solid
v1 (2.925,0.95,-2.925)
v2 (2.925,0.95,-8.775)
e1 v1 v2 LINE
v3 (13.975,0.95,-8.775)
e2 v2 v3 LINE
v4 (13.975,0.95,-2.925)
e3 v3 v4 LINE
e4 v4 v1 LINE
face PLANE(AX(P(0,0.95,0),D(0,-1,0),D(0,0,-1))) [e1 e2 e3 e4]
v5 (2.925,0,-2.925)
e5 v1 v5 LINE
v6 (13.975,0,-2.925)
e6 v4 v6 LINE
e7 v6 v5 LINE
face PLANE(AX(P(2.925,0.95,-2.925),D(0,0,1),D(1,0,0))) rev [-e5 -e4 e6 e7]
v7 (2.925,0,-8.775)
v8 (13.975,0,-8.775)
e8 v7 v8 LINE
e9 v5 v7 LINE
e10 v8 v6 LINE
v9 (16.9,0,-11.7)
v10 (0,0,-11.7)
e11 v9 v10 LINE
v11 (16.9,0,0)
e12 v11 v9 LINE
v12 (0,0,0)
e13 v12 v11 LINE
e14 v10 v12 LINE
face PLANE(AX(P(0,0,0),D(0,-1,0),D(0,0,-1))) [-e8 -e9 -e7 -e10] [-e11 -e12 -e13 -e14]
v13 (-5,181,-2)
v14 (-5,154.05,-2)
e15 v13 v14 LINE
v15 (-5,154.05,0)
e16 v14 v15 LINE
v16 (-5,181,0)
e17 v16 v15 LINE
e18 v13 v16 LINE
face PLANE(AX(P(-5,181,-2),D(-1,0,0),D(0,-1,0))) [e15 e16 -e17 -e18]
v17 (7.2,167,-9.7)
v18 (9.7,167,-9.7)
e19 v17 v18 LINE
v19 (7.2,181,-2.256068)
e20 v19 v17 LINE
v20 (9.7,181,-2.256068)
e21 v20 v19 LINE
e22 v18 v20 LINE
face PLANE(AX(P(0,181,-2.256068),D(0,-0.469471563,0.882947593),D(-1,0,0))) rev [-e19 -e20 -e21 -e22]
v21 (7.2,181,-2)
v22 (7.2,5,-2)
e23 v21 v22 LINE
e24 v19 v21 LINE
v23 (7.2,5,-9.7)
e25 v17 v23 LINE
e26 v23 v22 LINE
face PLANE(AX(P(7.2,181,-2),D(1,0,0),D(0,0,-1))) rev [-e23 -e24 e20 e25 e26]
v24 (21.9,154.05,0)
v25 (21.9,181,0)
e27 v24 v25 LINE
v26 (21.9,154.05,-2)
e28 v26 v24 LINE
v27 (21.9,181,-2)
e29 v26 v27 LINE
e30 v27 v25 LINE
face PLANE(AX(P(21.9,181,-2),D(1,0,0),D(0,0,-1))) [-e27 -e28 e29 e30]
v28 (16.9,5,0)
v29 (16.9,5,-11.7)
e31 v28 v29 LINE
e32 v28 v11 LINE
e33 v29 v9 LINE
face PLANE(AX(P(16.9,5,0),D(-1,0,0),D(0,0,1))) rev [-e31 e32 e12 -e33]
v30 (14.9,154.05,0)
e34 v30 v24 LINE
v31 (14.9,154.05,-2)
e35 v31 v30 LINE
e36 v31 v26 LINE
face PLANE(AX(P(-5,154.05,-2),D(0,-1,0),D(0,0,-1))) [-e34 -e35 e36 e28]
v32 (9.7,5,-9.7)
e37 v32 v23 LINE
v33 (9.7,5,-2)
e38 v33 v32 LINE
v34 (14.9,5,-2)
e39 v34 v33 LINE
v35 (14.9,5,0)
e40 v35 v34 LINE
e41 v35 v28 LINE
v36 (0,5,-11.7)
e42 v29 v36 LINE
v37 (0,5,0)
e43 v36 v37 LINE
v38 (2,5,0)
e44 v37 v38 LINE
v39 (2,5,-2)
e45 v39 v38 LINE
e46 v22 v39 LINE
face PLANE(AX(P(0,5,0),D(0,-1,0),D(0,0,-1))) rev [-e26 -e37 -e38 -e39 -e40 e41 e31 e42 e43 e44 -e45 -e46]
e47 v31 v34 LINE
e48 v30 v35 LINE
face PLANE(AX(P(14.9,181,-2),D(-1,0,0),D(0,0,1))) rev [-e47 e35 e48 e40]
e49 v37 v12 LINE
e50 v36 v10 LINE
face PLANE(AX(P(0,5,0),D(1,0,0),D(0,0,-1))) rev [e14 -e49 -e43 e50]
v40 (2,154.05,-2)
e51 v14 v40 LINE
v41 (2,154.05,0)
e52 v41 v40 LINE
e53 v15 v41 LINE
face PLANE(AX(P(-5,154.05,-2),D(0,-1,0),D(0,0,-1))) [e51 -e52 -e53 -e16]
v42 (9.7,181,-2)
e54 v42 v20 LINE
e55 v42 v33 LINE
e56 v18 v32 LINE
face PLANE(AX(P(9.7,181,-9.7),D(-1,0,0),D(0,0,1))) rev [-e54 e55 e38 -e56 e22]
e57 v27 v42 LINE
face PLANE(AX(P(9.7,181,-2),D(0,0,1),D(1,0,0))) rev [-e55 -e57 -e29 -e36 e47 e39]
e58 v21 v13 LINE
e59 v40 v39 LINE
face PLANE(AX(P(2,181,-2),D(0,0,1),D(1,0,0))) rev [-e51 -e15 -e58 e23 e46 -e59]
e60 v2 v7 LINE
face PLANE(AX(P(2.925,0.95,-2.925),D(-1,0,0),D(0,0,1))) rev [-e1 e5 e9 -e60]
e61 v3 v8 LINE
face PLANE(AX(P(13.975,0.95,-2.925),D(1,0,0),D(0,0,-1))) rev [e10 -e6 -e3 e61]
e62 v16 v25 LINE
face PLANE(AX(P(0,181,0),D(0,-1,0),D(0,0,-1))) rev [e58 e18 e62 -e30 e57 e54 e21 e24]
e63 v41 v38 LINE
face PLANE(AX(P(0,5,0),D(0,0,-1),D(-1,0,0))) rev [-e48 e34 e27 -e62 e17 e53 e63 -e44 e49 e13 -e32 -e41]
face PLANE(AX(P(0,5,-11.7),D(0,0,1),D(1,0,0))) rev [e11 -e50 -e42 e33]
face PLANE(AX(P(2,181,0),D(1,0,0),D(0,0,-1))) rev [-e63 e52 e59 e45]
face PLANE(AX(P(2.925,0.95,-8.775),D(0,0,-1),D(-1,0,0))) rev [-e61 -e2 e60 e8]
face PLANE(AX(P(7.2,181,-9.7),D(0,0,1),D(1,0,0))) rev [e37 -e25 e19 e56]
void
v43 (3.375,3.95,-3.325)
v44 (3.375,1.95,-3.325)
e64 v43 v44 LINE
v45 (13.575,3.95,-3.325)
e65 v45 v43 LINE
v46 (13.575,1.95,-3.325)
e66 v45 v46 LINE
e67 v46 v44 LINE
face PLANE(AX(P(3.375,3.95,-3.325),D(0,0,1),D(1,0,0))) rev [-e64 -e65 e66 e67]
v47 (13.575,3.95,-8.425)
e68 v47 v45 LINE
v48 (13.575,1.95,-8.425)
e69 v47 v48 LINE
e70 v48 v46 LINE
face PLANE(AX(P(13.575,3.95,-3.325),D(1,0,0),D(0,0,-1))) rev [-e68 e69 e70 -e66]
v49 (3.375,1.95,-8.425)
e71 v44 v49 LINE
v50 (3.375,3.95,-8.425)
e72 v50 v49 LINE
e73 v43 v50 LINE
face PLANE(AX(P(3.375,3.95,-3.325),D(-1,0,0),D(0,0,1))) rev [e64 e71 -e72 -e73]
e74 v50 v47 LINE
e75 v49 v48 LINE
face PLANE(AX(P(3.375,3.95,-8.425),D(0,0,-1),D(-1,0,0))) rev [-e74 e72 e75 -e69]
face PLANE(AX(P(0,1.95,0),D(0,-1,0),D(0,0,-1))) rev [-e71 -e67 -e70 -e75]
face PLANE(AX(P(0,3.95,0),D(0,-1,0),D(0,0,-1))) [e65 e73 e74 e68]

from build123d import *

# Parameters (mm, degrees)
SKETCH1_W           = 16.9
SKETCH1_H           = 11.7
BOSS_EXTRUDE1_DEPTH = 5
SKETCH2_W           = 11.05
SKETCH2_H           = 5.85
CUT_EXTRUDE1_DEPTH  = 0.95
SKETCH3_W           = 10.2
SKETCH3_H           = 5.1
CUT_EXTRUDE2_DEPTH  = 3
SKETCH4_W           = 10.2
SKETCH4_H           = 5.1
BOSS_EXTRUDE2_DEPTH = 1
BOSS_EXTRUDE3_DEPTH = 176
SKETCH6_W           = 26.9
SKETCH6_H           = 26.95
BOSS_EXTRUDE4_DEPTH = 2
CHAMFER1_SIZE       = 14
CHAMFER1_SIZE2      = 7.443932043


with BuildPart() as part:
    # Sketch1 → Boss-Extrude1 (new body)
    with BuildSketch(Plane(origin=(0, 0, 0), x_dir=(1, 0, 0), z_dir=(0, 1, 0))):
        with Locations((8.45, 5.85)):
            Rectangle(SKETCH1_W, SKETCH1_H)
    extrude(amount=BOSS_EXTRUDE1_DEPTH)

    # Sketch2 → Cut-Extrude1 (cut)
    with BuildSketch(Plane.XZ):
        with Locations((8.45, -5.85)):
            Rectangle(SKETCH2_W, SKETCH2_H)
    extrude(amount=-CUT_EXTRUDE1_DEPTH, mode=Mode.SUBTRACT)

    # Sketch3 → Cut-Extrude2 (cut)
    with BuildSketch(Plane.XZ.offset(-0.95)):
        with Locations((8.475, -5.875)):
            Rectangle(SKETCH3_W, SKETCH3_H)
    extrude(amount=-CUT_EXTRUDE2_DEPTH, mode=Mode.SUBTRACT)

    # Sketch4 → Boss-Extrude2 (add)
    with BuildSketch(Plane.XZ.offset(-0.95)):
        with Locations((8.475, -5.875)):
            Rectangle(SKETCH4_W, SKETCH4_H)
    extrude(amount=-BOSS_EXTRUDE2_DEPTH)

    # Sketch5 → Boss-Extrude3 (add)
    with BuildSketch(Plane(origin=(0, 5, 0), x_dir=(1, 0, 0), z_dir=(0, 1, 0))):
        Polygon((2, 0), (2, 2), (7.2, 2), (7.2, 9.7), (9.7, 9.7), (9.7, 2), (14.9, 2), (14.9, 0), align=None)
    extrude(amount=BOSS_EXTRUDE3_DEPTH)

    # Sketch6 → Boss-Extrude4 (add)
    with BuildSketch(Plane.XY):
        with Locations((8.45, 167.525)):
            Rectangle(SKETCH6_W, SKETCH6_H)
    extrude(amount=-BOSS_EXTRUDE4_DEPTH)

    # Chamfer1
    chamfer1_edges = [part.edges().sort_by_distance(p)[0] for p in [
        (8.45, 181, -9.7),
    ]]
    chamfer1_side = [part.faces().sort_by_distance(p)[0] for p in [
        (8.45, 93, -9.7),
    ]]
    chamfer(chamfer1_edges, length=CHAMFER1_SIZE, length2=CHAMFER1_SIZE2, reference=chamfer1_side[0])


solid = part.part
